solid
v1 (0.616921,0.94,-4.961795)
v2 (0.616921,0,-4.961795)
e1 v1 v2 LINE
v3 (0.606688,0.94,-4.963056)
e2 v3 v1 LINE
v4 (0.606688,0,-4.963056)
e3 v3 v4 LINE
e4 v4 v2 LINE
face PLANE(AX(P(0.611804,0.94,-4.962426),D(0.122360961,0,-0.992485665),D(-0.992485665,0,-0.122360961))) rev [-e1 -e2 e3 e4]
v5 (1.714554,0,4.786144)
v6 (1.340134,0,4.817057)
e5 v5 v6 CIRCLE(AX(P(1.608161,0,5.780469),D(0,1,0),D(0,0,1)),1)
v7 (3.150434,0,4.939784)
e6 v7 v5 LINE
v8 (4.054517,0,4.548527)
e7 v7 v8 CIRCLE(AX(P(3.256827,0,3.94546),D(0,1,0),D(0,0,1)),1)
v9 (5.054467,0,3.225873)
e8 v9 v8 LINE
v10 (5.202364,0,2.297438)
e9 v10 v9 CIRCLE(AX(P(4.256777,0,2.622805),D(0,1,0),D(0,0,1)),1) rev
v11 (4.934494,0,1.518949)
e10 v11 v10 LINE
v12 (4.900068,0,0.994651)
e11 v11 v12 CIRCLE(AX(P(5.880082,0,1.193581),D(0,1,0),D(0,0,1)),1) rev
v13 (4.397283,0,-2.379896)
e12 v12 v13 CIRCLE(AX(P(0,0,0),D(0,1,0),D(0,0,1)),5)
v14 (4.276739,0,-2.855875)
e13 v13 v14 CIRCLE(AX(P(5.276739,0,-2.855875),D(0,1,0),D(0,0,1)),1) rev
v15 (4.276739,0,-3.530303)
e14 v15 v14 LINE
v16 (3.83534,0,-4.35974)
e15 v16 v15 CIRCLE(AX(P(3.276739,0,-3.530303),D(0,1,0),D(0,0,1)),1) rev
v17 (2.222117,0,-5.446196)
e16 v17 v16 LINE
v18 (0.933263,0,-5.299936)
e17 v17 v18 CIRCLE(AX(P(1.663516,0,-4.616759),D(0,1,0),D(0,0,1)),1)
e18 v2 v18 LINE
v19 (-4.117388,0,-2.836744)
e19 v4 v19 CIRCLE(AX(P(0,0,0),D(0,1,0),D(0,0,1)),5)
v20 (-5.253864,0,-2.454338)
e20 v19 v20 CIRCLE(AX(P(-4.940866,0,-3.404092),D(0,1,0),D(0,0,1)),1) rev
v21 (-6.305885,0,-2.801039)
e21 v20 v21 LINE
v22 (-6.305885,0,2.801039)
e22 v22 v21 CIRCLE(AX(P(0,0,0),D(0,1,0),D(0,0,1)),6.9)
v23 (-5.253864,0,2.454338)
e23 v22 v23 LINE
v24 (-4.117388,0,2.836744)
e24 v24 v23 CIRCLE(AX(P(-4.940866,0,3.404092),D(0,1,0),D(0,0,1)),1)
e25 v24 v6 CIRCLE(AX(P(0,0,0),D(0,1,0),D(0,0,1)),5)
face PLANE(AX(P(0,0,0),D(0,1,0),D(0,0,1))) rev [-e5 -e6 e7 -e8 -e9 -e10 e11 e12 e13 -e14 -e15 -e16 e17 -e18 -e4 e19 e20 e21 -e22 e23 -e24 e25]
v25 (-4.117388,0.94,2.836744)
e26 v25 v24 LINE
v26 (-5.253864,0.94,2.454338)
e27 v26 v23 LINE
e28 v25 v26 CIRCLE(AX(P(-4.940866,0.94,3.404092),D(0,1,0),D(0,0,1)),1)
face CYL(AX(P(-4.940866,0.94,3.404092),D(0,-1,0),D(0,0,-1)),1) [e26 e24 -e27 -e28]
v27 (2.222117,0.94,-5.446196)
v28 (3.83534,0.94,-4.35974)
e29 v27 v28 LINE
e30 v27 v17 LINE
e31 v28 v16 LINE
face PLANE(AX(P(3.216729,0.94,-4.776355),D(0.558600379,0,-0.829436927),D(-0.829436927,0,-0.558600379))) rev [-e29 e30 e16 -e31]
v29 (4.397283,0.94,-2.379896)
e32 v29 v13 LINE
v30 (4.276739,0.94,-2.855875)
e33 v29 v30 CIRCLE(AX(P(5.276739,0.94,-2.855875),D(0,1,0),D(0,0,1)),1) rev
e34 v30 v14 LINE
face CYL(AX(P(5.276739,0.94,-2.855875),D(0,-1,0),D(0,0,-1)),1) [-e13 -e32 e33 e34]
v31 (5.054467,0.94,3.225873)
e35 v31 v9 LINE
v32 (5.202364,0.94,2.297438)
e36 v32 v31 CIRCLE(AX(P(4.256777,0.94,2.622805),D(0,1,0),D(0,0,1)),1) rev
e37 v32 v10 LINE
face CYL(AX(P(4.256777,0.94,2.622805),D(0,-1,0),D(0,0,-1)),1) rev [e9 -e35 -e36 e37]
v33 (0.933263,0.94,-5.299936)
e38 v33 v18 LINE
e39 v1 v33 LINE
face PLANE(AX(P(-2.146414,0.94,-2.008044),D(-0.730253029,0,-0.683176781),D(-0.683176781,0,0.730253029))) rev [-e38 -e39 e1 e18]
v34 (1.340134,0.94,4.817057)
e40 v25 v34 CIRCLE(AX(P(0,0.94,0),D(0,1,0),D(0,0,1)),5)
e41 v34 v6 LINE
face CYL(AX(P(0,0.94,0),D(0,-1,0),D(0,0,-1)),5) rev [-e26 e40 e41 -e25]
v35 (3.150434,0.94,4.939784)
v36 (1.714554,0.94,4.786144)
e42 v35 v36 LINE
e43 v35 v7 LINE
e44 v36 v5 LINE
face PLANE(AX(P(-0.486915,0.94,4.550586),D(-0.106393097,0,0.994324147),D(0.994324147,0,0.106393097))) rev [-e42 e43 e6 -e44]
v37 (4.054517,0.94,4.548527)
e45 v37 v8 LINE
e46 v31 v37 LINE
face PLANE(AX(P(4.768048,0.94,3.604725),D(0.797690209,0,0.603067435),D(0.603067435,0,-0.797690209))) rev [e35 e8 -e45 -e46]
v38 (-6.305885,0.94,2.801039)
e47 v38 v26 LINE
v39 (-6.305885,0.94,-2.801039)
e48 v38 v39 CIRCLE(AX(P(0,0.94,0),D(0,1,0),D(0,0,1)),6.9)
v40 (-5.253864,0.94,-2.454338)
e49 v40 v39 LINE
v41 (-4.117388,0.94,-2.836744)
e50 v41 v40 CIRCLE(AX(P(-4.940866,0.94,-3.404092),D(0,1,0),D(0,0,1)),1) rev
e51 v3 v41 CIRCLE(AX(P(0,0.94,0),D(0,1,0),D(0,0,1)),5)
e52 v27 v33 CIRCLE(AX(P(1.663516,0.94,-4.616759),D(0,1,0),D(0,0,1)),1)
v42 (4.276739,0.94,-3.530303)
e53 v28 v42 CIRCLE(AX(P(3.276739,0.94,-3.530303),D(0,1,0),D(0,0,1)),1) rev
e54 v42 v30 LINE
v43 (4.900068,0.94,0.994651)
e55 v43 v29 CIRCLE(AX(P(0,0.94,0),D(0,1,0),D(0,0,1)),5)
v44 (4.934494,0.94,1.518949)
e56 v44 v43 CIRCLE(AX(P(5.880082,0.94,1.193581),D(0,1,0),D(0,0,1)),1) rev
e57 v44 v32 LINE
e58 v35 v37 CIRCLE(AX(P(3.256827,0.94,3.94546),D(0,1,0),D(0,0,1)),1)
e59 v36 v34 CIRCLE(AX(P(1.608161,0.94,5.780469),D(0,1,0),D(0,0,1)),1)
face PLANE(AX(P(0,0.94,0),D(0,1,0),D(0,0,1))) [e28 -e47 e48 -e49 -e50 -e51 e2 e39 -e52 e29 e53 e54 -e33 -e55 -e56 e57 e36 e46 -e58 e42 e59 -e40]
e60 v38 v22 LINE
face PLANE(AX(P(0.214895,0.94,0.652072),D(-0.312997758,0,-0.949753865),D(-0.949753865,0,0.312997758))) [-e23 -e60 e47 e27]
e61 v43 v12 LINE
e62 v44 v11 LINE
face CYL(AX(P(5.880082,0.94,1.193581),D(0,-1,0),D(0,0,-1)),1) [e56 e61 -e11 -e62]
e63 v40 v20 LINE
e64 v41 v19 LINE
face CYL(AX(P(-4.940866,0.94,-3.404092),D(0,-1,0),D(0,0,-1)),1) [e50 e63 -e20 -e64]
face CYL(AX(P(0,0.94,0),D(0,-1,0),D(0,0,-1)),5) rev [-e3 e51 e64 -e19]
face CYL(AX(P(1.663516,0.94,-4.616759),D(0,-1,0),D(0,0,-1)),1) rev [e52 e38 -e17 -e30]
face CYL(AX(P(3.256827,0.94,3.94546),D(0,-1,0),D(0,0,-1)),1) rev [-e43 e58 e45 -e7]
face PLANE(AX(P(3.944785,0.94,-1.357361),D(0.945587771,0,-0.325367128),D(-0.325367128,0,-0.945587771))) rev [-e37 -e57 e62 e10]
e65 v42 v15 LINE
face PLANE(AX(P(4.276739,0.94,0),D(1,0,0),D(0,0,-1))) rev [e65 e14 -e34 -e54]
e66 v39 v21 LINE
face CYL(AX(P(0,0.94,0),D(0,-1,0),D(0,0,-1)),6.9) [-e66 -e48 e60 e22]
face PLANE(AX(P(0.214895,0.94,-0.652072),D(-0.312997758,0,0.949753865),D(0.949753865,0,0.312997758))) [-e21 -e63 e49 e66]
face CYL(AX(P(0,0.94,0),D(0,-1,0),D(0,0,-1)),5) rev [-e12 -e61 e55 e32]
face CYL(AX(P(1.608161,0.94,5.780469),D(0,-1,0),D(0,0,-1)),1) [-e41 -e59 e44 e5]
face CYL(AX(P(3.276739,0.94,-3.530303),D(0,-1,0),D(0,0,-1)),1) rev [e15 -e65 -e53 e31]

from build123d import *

# Parameters (mm, degrees)
BOSS_EXTRUDE1_DEPTH = 0.94


with BuildPart() as part:
    # Sketch1 → Boss-Extrude1 (new body)
    with BuildSketch(Plane(origin=(0, 0, 0), x_dir=(1, 0, 0), z_dir=(0, 1, 0))):
        with BuildLine():
            Line((-5.253863679, -2.454338371), (-6.305884625, -2.801038932))
            ThreePointArc((-6.305884625, -2.801038932), (6.9, 0), (-6.305884625, 2.801038932))
            Line((-6.305884625, 2.801038932), (-5.253863679, 2.454338371))
            ThreePointArc((-5.253863679, 2.454338371), (-4.621952363, 2.45630843), (-4.117388267, 2.83674353))
            ThreePointArc((-4.117388267, 2.83674353), (-2.052207562, 4.559434627), (0.606687952, 4.963056491))
            Line((0.606687952, 4.963056491), (0.616921004, 4.961794884))
            Line((0.616921004, 4.961794884), (0.933263365, 5.299935719))
            ThreePointArc((0.933263365, 5.299935719), (1.550759285, 5.61038152), (2.222116774, 5.446195866))
            Line((2.222116774, 5.446195866), (3.835339689, 4.359739617))
            ThreePointArc((3.835339689, 4.359739617), (4.159519117, 4.000089674), (4.276739309, 3.53030269))
            Line((4.276739309, 3.53030269), (4.276739309, 2.855875044))
            ThreePointArc((4.276739309, 2.855875044), (4.307343479, 2.610372041), (4.397282758, 2.37989587))
            ThreePointArc((4.397282758, 2.37989587), (4.945409591, 0.736833755), (4.900068255, -0.994651244))
            ThreePointArc((4.900068255, -0.994651244), (4.882230643, -1.259101387), (4.934494135, -1.518948622))
            Line((4.934494135, -1.518948622), (5.202364417, -2.297438027))
            ThreePointArc((5.202364417, -2.297438027), (5.244325234, -2.78011945), (5.054466855, -3.22587259))
            Line((5.054466855, -3.22587259), (4.054517147, -4.548527481))
            ThreePointArc((4.054517147, -4.548527481), (3.653996144, -4.863205448), (3.150433841, -4.939784193))
            Line((3.150433841, -4.939784193), (1.714554284, -4.786144484))
            ThreePointArc((1.714554284, -4.786144484), (1.525879552, -4.783859514), (1.340134323, -4.817057193))
            ThreePointArc((1.340134323, -4.817057193), (-1.705489788, -4.700138783), (-4.117388267, -2.83674353))
            ThreePointArc((-4.117388267, -2.83674353), (-4.621952363, -2.45630843), (-5.253863679, -2.454338371))
        make_face()
    extrude(amount=BOSS_EXTRUDE1_DEPTH)


solid = part.part
